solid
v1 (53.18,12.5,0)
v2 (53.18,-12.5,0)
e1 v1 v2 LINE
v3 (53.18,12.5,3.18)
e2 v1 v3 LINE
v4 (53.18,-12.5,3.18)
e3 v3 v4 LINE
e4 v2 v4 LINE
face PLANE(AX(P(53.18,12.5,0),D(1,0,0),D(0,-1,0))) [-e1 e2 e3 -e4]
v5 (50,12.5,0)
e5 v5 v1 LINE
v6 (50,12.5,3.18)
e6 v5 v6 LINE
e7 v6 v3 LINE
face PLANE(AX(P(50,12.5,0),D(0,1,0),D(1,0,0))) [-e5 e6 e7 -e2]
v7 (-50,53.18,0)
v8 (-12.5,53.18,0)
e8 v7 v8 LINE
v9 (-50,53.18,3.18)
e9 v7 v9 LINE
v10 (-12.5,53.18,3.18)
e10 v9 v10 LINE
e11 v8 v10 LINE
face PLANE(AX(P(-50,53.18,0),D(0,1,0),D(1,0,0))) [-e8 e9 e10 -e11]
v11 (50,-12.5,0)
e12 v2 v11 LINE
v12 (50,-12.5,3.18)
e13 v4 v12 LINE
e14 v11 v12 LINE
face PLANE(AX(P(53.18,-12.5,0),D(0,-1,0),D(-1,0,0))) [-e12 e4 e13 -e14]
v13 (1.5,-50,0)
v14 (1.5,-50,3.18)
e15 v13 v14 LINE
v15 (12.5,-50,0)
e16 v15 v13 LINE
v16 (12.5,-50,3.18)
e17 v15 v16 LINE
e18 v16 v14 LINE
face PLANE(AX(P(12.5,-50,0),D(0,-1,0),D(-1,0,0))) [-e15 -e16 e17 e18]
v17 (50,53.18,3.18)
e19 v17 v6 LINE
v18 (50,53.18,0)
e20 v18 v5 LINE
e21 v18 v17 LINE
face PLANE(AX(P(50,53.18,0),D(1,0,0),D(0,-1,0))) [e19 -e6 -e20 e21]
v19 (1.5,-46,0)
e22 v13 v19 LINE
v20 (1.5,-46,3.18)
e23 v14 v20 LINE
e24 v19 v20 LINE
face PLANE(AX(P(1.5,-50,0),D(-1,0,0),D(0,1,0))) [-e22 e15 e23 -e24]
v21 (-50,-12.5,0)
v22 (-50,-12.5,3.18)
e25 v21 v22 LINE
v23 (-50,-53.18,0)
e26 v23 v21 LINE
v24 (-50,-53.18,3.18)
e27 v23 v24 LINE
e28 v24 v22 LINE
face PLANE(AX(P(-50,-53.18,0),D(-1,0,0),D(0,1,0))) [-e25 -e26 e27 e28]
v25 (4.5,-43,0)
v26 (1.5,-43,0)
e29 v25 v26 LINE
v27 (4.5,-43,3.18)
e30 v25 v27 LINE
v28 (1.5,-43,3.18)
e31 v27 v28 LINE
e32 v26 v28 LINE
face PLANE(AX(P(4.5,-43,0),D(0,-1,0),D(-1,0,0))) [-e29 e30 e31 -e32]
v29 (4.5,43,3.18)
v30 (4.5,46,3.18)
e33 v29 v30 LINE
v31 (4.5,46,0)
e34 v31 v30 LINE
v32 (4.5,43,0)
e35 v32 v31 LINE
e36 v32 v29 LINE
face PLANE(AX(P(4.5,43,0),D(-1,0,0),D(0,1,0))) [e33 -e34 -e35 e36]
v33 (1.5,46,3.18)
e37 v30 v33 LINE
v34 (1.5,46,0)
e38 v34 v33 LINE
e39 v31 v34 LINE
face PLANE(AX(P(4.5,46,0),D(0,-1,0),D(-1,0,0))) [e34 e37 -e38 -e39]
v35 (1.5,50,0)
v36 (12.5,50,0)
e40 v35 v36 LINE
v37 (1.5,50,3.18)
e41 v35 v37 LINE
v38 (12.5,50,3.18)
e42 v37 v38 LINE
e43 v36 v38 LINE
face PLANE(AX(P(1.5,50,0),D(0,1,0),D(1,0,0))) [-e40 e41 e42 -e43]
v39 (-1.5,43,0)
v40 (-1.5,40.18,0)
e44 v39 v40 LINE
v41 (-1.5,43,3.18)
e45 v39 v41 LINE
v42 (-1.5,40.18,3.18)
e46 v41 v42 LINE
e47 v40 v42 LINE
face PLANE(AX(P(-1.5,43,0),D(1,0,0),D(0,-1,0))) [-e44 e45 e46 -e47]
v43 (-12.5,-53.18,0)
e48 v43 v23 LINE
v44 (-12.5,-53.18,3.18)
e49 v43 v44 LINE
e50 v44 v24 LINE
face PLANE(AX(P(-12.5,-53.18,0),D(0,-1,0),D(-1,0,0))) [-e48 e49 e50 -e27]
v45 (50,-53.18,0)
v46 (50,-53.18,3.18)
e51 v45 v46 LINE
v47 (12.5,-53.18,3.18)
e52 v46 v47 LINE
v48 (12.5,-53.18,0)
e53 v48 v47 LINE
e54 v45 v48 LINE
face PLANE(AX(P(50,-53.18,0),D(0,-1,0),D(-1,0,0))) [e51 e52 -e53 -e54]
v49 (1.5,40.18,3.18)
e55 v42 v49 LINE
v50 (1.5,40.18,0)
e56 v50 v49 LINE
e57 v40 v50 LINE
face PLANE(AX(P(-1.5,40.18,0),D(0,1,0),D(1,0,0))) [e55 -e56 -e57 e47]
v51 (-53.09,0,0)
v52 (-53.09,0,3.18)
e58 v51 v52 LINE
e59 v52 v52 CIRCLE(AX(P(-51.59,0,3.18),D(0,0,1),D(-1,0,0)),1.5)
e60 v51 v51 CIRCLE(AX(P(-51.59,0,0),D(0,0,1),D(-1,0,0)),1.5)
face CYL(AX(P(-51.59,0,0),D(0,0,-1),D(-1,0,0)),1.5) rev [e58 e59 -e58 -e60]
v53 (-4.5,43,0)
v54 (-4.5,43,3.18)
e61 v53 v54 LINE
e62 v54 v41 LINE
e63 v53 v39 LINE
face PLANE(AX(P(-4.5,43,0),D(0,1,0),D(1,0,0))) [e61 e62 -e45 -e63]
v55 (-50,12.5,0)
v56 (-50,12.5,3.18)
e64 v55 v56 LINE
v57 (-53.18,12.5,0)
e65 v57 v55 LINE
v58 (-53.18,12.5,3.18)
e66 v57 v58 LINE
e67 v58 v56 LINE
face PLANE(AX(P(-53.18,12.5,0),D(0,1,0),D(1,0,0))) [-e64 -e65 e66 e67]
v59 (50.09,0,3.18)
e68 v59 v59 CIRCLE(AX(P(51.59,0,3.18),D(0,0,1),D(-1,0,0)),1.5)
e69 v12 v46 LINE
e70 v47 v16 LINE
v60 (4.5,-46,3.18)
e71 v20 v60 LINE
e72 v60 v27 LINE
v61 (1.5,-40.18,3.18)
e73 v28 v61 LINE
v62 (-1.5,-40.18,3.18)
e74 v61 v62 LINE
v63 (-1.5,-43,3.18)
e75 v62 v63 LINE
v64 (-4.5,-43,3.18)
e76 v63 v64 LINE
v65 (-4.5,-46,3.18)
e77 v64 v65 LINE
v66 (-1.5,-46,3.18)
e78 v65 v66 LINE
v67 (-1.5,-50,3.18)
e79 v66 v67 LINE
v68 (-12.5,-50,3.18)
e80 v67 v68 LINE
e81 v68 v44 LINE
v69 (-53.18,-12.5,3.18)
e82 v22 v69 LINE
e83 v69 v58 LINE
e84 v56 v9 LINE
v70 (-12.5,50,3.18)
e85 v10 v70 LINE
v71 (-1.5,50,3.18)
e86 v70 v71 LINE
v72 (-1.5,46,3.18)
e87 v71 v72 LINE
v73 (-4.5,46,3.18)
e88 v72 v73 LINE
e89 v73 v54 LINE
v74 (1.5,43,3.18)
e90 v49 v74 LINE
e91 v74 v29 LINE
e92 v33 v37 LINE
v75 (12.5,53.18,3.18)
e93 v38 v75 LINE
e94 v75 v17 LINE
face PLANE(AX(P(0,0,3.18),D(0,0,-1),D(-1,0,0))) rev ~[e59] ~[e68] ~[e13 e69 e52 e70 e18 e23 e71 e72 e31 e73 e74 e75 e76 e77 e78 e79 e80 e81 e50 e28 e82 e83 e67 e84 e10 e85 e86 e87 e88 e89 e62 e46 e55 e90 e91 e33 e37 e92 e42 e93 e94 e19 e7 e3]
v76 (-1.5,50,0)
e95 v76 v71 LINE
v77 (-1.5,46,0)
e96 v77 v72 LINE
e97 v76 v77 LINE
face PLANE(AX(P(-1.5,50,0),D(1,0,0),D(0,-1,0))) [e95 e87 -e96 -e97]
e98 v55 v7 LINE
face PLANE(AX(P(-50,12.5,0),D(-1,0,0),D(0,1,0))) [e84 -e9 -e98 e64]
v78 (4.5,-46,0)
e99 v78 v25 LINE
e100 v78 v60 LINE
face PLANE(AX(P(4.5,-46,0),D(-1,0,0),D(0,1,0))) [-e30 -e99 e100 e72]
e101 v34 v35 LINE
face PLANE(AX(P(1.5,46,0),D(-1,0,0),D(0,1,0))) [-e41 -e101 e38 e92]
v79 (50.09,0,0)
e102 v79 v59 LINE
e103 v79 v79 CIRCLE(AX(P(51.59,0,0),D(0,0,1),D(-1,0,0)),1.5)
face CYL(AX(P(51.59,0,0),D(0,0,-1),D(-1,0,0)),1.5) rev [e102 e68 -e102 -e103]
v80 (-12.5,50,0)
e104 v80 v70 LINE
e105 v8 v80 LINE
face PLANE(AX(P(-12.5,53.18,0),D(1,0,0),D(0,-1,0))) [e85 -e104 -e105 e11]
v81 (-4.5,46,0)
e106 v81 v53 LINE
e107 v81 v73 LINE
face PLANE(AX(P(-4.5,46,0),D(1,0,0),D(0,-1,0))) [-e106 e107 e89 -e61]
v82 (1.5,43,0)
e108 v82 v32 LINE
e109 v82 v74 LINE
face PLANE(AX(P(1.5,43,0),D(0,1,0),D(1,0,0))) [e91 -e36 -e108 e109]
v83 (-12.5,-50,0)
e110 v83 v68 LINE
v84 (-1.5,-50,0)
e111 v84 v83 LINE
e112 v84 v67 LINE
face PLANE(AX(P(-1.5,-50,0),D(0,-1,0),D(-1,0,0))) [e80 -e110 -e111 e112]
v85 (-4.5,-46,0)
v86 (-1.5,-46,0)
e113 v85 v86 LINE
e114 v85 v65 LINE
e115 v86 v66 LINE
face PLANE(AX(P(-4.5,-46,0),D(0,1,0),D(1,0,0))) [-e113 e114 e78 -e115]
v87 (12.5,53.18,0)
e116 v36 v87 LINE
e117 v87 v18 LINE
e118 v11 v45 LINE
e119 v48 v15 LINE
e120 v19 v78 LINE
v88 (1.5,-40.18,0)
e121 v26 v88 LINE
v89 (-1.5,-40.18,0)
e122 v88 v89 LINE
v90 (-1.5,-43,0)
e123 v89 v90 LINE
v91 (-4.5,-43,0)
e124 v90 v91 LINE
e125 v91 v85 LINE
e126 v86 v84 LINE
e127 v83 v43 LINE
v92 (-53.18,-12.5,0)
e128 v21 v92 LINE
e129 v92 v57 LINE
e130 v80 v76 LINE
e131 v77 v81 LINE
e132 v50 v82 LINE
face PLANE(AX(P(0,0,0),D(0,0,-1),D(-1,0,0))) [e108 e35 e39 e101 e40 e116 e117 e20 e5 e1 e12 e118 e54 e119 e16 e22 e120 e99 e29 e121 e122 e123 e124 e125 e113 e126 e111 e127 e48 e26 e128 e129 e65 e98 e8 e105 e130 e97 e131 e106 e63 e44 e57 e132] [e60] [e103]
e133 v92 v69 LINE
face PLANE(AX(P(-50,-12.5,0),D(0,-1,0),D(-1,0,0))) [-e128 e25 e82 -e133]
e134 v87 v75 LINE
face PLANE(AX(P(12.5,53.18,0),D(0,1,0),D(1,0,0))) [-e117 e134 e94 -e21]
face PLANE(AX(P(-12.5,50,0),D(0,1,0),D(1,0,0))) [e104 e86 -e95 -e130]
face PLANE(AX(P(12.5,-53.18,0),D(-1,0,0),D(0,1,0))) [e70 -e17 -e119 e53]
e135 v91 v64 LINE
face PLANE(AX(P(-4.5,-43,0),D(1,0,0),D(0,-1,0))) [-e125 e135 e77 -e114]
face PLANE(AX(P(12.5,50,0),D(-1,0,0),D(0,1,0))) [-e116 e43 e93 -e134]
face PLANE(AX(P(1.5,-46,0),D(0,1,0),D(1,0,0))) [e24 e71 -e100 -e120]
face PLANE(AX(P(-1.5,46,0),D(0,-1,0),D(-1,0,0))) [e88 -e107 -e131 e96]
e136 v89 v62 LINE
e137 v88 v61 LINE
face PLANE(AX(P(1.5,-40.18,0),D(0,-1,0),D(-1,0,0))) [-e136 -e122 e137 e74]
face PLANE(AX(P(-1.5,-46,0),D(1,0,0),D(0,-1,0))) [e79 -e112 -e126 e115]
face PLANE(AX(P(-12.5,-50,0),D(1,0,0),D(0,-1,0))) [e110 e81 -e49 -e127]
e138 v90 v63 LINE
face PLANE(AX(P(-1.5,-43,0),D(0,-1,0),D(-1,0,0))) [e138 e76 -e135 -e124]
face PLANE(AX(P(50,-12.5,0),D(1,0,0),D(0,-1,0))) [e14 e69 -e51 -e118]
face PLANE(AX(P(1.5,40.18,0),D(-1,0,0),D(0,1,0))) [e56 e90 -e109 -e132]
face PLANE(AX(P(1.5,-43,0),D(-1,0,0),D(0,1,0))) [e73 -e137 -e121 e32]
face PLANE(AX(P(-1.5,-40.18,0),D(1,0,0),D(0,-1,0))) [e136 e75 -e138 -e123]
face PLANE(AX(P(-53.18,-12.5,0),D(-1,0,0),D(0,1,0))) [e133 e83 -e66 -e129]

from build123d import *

# Parameters (mm, degrees)
SKETCH1_R           = 1.5
BOSS_EXTRUDE1_DEPTH = 3.18


with BuildPart() as part:
    # Sketch1 → Boss-Extrude1 (new body)
    with BuildSketch(Plane.XY):
        Polygon((-50, 53.18), (-12.5, 53.18), (-12.5, 50), (-1.5, 50), (-1.5, 46), (-4.5, 46), (-4.5, 43), (-1.5, 43), (-1.5, 40.18), (1.5, 40.18), (1.5, 43), (4.5, 43), (4.5, 46), (1.5, 46), (1.5, 50), (12.5, 50), (12.5, 53.18), (50, 53.18), (50, 12.5), (53.18, 12.5), (53.18, -12.5), (50, -12.5), (50, -53.18), (12.5, -53.18), (12.5, -50), (1.5, -50), (1.5, -46), (4.5, -46), (4.5, -43), (1.5, -43), (1.5, -40.18), (-1.5, -40.18), (-1.5, -43), (-4.5, -43), (-4.5, -46), (-1.5, -46), (-1.5, -50), (-12.5, -50), (-12.5, -53.18), (-50, -53.18), (-50, -12.5), (-53.18, -12.5), (-53.18, 12.5), (-50, 12.5), align=None)
        with Locations(Location((-51.59, 0, 0), (0, 0, 180))):
            Circle(SKETCH1_R, mode=Mode.SUBTRACT)
        with Locations(Location((51.59, 0, 0), (0, 0, 180))):
            Circle(SKETCH1_R, mode=Mode.SUBTRACT)
    extrude(amount=BOSS_EXTRUDE1_DEPTH)


solid = part.part
